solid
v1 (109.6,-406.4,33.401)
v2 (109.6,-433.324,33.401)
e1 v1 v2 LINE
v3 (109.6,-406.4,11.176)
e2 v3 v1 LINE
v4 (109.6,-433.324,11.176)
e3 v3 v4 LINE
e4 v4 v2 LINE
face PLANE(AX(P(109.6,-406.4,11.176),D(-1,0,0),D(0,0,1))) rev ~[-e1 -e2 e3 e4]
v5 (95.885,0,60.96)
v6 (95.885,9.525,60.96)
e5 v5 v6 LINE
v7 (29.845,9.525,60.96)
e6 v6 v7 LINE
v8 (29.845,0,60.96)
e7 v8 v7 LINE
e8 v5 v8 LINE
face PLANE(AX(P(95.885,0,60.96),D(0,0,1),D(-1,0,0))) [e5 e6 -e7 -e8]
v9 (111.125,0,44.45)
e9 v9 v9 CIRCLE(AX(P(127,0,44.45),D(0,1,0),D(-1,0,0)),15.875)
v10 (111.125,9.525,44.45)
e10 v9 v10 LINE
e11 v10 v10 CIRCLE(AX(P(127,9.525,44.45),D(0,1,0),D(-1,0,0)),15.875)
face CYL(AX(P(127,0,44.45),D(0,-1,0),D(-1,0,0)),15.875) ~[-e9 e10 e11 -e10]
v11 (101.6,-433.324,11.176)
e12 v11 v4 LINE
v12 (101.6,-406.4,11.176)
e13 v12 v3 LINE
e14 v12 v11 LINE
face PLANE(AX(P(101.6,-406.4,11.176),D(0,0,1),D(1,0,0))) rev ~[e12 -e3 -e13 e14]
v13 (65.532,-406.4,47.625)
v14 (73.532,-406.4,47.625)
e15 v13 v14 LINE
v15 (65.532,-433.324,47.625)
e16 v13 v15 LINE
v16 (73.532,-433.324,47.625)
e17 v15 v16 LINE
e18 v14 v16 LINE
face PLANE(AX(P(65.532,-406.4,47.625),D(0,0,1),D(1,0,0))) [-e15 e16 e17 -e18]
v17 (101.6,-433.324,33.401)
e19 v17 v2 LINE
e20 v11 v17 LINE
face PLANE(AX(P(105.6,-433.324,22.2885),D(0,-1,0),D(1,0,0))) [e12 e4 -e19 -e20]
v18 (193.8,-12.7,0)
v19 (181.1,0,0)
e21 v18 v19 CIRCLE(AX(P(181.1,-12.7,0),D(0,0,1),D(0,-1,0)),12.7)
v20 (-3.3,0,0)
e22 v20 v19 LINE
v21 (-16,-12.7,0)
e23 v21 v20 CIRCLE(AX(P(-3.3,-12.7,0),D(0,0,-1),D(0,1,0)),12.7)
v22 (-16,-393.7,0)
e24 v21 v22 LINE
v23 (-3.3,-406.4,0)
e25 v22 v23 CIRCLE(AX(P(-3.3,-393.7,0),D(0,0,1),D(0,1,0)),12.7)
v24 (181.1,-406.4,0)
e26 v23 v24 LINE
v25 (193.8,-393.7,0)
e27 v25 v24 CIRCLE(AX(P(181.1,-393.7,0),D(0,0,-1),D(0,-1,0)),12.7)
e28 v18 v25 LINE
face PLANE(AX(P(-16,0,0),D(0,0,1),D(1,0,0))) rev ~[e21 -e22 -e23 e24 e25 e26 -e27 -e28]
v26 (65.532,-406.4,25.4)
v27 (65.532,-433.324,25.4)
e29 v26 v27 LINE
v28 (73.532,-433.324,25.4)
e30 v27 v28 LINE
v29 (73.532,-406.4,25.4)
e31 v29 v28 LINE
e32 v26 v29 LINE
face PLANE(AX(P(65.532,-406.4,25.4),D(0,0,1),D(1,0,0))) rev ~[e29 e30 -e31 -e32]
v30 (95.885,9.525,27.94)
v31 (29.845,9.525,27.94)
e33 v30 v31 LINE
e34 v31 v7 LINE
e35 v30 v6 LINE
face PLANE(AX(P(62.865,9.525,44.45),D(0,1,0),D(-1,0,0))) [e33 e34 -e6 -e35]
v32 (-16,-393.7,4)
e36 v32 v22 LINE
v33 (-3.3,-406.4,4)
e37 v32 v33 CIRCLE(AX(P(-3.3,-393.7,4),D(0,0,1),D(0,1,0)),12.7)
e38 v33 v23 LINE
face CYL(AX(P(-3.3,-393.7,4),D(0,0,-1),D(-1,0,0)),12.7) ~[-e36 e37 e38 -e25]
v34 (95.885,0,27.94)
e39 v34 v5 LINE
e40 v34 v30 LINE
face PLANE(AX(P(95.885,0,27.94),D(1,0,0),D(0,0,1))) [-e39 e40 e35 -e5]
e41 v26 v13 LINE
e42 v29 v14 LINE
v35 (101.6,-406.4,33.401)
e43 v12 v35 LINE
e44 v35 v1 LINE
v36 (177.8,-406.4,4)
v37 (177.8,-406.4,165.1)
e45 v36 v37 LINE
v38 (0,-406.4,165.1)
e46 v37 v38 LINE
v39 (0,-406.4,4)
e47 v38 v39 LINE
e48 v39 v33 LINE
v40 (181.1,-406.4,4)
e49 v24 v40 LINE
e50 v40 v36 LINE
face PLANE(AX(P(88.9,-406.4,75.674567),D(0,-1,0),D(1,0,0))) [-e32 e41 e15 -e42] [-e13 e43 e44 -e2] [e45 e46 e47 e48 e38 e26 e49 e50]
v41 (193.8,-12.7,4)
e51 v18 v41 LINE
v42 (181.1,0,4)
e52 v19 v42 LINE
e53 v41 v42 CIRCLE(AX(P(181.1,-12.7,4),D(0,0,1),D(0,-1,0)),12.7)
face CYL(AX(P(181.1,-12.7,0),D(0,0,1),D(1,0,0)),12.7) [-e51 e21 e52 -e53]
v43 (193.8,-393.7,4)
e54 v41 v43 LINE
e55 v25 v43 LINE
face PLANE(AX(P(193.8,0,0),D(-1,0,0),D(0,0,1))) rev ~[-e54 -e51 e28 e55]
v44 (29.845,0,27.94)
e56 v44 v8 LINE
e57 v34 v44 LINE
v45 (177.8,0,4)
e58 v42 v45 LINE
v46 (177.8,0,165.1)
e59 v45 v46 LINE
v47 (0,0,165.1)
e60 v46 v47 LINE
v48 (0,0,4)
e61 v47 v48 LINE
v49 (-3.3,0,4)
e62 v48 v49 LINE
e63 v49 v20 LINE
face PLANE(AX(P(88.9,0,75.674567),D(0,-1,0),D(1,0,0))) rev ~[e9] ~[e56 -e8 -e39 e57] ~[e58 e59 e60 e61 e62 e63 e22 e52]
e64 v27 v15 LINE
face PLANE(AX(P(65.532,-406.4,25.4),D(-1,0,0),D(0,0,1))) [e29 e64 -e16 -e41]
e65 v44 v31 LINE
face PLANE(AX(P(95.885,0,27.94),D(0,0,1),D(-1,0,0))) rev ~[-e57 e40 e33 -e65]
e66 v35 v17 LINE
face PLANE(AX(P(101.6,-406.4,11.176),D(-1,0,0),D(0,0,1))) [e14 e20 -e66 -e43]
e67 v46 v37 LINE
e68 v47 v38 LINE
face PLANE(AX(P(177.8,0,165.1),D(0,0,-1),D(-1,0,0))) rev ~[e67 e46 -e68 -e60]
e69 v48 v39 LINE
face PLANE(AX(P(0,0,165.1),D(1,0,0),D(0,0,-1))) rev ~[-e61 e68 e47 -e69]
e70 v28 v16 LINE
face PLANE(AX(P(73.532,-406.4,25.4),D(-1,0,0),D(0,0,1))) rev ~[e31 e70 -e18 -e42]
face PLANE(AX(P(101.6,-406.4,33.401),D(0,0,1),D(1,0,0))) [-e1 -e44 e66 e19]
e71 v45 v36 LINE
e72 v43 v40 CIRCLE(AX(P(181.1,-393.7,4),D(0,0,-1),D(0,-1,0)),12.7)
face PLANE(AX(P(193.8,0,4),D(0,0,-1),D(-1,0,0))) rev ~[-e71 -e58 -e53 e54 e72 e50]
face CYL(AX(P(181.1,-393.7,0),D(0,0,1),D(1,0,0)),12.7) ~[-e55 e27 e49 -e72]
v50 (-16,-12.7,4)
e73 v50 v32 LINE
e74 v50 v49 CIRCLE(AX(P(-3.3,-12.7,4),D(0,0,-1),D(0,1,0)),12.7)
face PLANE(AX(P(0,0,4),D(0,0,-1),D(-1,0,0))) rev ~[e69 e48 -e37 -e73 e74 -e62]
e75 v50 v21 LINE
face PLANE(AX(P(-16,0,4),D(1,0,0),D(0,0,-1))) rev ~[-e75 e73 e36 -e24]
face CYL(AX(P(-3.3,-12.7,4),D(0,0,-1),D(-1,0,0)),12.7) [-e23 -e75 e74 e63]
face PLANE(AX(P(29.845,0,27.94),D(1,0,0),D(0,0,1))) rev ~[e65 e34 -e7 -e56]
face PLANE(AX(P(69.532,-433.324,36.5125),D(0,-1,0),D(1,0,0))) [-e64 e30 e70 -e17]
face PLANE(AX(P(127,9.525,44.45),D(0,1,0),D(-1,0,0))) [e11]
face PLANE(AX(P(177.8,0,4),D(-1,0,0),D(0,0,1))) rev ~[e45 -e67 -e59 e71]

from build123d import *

# Parameters (mm, degrees)
F1_DEPTH = 406.4
F2_R     = 12.7
F3_W     = 8
F3_H     = 22.225
F4_DEPTH = 26.924
F5_W     = 66.04
F5_H     = 33.02
F5_R     = 15.875
F6_DEPTH = 9.525


with BuildPart() as f1:
    # F0 (on Front) → F1 (new body)
    with BuildSketch(Plane.XZ):
        Polygon((-16, 0), (0, 0), (177.8, 0), (193.8, 0), (193.8, 4), (177.8, 4), (177.8, 165.1), (0, 165.1), (0, 4), (-16, 4), align=None)
    extrude(amount=F1_DEPTH)

    # F2
    f2_edges = [f1.edges().sort_by_distance(p)[0] for p in [
        (193.8, 0, 2),
        (193.8, -406.4, 2),
        (-16, -406.4, 2),
        (-16, 0, 2),
    ]]
    fillet(f2_edges, radius=F2_R)

    # F3 (on face) → F4 (join)
    with BuildSketch(Plane.XZ.offset(406.4)):
        with Locations((69.532, 36.5125)):
            Rectangle(F3_W, F3_H)
        with Locations((105.6, 22.2885)):
            Rectangle(F3_W, F3_H)
    extrude(amount=F4_DEPTH)

    # F5 (on face) → F6 (join)
    with BuildSketch(Plane(origin=(0, 0, 0), x_dir=(-1, 0, 0), z_dir=(0, 1, 0))):
        with Locations((-62.865, 44.45)):
            Rectangle(F5_W, F5_H)
        with Locations((-127, 44.45)):
            Circle(F5_R)
    extrude(amount=F6_DEPTH)


solid = f1.part
